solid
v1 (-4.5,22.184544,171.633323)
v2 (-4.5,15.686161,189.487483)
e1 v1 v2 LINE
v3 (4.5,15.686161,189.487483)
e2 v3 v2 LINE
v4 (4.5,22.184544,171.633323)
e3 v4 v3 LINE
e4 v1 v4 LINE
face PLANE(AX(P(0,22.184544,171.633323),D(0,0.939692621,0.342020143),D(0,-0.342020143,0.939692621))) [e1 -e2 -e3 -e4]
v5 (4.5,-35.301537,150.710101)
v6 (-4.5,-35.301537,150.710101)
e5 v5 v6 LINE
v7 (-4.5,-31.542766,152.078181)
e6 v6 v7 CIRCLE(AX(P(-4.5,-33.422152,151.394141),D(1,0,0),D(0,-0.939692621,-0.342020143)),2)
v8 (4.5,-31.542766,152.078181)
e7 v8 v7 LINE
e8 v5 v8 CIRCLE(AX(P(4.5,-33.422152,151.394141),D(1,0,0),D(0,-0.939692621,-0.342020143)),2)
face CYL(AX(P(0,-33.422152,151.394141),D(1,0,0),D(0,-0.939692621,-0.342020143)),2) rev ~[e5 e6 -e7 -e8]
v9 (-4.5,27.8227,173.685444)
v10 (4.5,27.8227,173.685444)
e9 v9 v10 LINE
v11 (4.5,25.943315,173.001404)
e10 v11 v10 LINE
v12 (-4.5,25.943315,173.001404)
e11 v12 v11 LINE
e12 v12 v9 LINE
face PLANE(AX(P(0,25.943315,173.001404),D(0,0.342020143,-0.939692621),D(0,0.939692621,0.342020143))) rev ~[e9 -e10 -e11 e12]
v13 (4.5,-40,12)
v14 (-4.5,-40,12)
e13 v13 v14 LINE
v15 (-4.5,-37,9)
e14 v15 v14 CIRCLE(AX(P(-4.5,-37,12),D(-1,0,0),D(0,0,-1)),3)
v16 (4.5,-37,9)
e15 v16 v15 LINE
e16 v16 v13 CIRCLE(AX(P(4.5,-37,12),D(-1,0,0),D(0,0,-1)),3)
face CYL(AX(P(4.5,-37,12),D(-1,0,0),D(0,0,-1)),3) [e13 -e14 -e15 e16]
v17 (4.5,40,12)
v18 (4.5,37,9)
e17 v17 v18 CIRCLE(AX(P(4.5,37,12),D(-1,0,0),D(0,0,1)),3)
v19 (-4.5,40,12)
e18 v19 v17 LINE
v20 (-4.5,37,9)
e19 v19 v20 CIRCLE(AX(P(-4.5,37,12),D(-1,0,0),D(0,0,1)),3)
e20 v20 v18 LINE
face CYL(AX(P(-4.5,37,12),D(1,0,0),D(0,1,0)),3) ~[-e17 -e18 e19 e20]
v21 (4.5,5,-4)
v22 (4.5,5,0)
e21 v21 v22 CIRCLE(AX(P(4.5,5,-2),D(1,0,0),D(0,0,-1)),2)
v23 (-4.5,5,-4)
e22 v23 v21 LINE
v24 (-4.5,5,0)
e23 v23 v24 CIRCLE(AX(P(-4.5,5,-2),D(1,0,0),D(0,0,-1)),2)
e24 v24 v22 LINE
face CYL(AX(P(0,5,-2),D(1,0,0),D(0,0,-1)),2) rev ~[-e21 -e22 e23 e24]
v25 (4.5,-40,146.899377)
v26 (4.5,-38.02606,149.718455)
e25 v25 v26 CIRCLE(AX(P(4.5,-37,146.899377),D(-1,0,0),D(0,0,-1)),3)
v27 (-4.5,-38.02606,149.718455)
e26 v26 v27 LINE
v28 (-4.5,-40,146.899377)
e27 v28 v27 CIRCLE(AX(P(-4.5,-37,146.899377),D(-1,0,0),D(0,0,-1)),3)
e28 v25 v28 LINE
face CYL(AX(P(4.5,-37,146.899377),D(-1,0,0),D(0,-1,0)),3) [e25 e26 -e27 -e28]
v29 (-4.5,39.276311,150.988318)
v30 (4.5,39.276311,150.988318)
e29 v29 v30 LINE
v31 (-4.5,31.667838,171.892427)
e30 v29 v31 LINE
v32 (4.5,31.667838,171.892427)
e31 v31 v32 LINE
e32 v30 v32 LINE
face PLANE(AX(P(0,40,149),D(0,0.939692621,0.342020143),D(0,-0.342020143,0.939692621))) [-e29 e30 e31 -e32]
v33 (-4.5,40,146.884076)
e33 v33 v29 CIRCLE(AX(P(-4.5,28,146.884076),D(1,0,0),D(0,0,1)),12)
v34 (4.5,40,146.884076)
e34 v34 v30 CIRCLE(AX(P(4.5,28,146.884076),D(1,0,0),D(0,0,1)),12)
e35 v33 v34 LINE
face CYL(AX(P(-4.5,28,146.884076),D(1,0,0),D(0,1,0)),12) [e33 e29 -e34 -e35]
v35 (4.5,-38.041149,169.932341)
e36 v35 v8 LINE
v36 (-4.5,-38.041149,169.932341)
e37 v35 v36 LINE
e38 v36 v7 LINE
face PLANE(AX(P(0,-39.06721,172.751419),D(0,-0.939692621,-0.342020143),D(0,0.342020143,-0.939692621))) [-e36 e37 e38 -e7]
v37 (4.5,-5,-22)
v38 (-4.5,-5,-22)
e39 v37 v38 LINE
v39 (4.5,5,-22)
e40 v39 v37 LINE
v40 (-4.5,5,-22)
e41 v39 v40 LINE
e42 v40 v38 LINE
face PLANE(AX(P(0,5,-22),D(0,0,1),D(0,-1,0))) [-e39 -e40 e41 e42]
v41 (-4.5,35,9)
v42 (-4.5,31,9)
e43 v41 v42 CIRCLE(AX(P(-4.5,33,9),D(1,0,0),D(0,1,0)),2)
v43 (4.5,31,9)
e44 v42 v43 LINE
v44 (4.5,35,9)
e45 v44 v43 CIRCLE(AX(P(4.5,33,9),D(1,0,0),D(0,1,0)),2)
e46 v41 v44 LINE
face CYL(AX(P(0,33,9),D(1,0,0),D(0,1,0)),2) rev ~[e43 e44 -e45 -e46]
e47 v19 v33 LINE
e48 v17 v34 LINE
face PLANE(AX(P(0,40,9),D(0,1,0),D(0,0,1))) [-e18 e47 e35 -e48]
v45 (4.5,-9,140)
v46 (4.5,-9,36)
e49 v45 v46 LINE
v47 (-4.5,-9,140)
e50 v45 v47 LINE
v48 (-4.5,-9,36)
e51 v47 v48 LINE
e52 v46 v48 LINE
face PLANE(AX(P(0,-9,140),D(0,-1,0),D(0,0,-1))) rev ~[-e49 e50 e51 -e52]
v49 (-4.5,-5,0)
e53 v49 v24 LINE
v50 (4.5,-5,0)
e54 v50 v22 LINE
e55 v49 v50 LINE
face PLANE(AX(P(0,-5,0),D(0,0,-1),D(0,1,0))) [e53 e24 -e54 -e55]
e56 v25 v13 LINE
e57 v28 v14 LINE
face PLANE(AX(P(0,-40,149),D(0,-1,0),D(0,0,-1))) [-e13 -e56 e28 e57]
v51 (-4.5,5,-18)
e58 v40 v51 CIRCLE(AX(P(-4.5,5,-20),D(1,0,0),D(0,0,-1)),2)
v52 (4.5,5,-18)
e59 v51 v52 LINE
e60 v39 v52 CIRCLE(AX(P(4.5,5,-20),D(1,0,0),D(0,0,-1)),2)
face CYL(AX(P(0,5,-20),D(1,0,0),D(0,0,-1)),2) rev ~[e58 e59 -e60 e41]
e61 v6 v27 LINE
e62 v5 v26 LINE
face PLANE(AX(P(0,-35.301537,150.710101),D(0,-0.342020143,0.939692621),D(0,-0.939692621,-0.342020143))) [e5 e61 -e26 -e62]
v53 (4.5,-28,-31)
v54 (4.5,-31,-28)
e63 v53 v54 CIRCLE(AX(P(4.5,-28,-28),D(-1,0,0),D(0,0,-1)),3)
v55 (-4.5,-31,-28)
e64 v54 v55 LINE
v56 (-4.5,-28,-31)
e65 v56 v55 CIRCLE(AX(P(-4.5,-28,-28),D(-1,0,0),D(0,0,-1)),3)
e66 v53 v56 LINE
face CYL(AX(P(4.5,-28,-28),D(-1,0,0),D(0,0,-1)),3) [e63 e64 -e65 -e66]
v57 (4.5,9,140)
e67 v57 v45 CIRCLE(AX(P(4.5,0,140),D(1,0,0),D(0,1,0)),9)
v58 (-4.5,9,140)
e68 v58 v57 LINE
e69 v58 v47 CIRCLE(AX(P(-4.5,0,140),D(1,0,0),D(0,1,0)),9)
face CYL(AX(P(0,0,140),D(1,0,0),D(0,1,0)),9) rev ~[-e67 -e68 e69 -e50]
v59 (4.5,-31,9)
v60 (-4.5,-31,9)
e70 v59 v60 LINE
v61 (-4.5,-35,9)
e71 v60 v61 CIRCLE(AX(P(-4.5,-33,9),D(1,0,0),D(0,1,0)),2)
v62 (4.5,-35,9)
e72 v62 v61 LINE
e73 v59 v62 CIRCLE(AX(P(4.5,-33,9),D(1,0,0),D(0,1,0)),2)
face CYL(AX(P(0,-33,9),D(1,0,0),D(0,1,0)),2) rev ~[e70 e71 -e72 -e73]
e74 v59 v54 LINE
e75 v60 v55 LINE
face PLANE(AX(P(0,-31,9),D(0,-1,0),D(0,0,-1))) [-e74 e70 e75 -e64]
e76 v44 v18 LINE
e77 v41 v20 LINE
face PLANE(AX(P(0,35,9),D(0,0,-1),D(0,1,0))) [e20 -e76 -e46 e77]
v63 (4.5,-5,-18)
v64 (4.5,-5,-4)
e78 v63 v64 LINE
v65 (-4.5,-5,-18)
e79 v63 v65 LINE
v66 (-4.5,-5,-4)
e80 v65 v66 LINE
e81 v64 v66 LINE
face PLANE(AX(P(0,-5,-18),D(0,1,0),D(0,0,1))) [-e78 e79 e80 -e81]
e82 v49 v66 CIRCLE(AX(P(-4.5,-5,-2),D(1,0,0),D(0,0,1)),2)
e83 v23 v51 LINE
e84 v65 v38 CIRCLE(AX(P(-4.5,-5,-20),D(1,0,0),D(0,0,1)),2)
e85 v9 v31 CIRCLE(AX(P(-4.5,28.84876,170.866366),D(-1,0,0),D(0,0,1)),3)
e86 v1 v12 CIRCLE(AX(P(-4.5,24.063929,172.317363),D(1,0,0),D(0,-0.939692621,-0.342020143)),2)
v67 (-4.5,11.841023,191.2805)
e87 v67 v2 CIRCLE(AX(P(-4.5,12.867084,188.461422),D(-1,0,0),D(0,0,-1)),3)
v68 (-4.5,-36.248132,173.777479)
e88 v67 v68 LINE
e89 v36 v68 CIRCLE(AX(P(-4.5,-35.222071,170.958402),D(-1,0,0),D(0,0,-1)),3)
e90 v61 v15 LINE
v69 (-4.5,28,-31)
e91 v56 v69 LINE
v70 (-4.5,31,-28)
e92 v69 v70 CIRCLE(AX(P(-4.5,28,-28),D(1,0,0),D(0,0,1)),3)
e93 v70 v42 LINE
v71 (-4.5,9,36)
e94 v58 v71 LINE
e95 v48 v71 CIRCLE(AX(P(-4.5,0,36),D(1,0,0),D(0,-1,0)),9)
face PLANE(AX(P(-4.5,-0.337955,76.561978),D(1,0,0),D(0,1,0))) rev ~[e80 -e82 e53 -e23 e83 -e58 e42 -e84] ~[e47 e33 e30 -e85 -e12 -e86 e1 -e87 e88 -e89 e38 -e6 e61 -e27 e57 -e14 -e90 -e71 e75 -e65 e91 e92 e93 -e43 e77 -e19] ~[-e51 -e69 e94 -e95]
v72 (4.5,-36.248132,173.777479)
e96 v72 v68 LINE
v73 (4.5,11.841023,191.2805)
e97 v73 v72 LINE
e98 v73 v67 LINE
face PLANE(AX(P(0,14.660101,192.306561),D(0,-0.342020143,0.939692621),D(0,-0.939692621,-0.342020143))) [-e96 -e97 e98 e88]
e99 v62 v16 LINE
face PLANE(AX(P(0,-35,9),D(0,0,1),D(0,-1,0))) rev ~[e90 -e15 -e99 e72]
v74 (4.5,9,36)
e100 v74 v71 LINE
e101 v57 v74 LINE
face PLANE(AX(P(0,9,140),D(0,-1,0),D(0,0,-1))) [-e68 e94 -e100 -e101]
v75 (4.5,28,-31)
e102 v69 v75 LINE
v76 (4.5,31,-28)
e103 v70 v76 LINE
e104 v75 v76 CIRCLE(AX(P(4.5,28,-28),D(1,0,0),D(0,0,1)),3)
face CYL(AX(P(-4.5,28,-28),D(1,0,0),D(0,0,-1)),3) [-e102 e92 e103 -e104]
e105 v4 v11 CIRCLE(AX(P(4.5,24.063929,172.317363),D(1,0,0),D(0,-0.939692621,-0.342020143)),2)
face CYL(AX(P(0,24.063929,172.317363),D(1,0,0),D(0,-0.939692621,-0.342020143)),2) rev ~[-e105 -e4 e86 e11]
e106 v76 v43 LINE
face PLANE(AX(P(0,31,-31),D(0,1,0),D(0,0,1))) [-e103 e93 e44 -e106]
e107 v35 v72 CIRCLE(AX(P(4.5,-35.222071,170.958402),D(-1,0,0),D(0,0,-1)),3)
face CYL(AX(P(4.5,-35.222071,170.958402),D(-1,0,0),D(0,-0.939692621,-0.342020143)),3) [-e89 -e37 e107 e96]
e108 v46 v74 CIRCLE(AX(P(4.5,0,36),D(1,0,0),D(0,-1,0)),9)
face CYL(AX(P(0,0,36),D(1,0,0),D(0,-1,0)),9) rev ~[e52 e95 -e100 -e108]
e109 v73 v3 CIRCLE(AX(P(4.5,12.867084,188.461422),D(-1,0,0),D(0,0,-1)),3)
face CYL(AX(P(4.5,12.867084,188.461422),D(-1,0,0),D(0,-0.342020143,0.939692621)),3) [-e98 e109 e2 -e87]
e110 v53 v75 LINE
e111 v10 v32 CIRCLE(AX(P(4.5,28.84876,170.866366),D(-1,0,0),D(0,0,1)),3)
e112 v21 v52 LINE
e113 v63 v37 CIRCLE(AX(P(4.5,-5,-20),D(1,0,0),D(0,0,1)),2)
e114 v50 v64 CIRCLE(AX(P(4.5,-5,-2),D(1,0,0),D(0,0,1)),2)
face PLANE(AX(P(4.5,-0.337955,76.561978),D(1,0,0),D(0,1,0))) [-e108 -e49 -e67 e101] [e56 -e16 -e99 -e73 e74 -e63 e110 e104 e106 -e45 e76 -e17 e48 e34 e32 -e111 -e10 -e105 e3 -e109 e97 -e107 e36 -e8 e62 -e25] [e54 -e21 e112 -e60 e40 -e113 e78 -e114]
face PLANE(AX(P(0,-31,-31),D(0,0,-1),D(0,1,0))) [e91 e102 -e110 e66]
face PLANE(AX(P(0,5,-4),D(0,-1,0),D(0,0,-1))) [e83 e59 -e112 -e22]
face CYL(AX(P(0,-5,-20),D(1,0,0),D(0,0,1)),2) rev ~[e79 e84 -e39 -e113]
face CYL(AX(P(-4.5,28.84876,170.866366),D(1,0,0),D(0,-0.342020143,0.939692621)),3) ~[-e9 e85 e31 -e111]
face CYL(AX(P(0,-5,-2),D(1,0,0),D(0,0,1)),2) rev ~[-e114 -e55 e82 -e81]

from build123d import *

# Parameters (mm, degrees)
PAD001_DEPTH = 4.5
FILLET_R     = 3
FILLET010_R  = 12


with BuildPart() as part:
    # Sketch001 → Pad001 (new body, symmetric)
    with BuildSketch(Plane.YZ):
        with BuildLine():
            Line((-31, -31), (31, -31))
            Line((31, -31), (31, 9))
            ThreePointArc((35, 9), (33, 11), (31, 9))
            Line((35, 9), (40, 9))
            Line((40, 9), (40, 149))
            Line((40, 149), (30.6417777248, 174.7115043875))
            Line((25.9433146208, 173.0014036708), (30.6417777248, 174.7115043875))
            ThreePointArc((22.1845441377, 171.6333230975), (24.7479696659, 170.4379781426), (25.9433146208, 173.0014036708))
            Line((22.1845441377, 171.6333230975), (14.6601009845, 192.3065607548))
            Line((14.6601009845, 192.3065607548), (-39.0672095661, 172.7514189472))
            Line((-39.0672095661, 172.7514189472), (-31.5427664129, 152.0781812899))
            ThreePointArc((-35.3015368961, 150.7101007166), (-32.7381113678, 149.5147557617), (-31.5427664129, 152.0781812899))
            Line((-35.3015368961, 150.7101007166), (-40, 149))
            Line((-40, 149), (-40, 9))
            Line((-35, 9), (-40, 9))
            ThreePointArc((-31, 9), (-33, 11), (-35, 9))
            Line((-31, 9), (-31, -31))
        make_face()
        with BuildLine():
            Line((-5, 0), (5, 0))
            ThreePointArc((5, -4), (7, -2), (5, 0))
            Line((5, -4), (5, -18))
            ThreePointArc((5, -22), (7, -20), (5, -18))
            Line((5, -22), (-5, -22))
            ThreePointArc((-5, -18), (-7, -20), (-5, -22))
            Line((-5, -18), (-5, -4))
            ThreePointArc((-5, 0), (-7, -2), (-5, -4))
        make_face(mode=Mode.SUBTRACT)
        with BuildLine():
            ThreePointArc((9, 140), (0, 149), (-9, 140))
            Line((-9, 140), (-9, 36))
            ThreePointArc((-9, 36), (0, 27), (9, 36))
            Line((9, 140), (9, 36))
        make_face(mode=Mode.SUBTRACT)
    extrude(amount=PAD001_DEPTH, both=True)

    # Fillet
    fillet_edges = [part.edges().sort_by_distance(p)[0] for p in [
        (0, 30.641778, 174.711504),
        (0, -40, 149),
        (0, -40, 9),
        (0, 40, 9),
        (0, 31, -31),
        (0, -31, -31),
        (0, -39.06721, 172.751419),
        (0, 14.660101, 192.306561),
    ]]
    fillet(fillet_edges, radius=FILLET_R)

    # Fillet010
    fillet010_edges = [part.edges().sort_by_distance(p)[0] for p in [
        (0, 40, 149),
    ]]
    fillet(fillet010_edges, radius=FILLET010_R)


solid = part.part
